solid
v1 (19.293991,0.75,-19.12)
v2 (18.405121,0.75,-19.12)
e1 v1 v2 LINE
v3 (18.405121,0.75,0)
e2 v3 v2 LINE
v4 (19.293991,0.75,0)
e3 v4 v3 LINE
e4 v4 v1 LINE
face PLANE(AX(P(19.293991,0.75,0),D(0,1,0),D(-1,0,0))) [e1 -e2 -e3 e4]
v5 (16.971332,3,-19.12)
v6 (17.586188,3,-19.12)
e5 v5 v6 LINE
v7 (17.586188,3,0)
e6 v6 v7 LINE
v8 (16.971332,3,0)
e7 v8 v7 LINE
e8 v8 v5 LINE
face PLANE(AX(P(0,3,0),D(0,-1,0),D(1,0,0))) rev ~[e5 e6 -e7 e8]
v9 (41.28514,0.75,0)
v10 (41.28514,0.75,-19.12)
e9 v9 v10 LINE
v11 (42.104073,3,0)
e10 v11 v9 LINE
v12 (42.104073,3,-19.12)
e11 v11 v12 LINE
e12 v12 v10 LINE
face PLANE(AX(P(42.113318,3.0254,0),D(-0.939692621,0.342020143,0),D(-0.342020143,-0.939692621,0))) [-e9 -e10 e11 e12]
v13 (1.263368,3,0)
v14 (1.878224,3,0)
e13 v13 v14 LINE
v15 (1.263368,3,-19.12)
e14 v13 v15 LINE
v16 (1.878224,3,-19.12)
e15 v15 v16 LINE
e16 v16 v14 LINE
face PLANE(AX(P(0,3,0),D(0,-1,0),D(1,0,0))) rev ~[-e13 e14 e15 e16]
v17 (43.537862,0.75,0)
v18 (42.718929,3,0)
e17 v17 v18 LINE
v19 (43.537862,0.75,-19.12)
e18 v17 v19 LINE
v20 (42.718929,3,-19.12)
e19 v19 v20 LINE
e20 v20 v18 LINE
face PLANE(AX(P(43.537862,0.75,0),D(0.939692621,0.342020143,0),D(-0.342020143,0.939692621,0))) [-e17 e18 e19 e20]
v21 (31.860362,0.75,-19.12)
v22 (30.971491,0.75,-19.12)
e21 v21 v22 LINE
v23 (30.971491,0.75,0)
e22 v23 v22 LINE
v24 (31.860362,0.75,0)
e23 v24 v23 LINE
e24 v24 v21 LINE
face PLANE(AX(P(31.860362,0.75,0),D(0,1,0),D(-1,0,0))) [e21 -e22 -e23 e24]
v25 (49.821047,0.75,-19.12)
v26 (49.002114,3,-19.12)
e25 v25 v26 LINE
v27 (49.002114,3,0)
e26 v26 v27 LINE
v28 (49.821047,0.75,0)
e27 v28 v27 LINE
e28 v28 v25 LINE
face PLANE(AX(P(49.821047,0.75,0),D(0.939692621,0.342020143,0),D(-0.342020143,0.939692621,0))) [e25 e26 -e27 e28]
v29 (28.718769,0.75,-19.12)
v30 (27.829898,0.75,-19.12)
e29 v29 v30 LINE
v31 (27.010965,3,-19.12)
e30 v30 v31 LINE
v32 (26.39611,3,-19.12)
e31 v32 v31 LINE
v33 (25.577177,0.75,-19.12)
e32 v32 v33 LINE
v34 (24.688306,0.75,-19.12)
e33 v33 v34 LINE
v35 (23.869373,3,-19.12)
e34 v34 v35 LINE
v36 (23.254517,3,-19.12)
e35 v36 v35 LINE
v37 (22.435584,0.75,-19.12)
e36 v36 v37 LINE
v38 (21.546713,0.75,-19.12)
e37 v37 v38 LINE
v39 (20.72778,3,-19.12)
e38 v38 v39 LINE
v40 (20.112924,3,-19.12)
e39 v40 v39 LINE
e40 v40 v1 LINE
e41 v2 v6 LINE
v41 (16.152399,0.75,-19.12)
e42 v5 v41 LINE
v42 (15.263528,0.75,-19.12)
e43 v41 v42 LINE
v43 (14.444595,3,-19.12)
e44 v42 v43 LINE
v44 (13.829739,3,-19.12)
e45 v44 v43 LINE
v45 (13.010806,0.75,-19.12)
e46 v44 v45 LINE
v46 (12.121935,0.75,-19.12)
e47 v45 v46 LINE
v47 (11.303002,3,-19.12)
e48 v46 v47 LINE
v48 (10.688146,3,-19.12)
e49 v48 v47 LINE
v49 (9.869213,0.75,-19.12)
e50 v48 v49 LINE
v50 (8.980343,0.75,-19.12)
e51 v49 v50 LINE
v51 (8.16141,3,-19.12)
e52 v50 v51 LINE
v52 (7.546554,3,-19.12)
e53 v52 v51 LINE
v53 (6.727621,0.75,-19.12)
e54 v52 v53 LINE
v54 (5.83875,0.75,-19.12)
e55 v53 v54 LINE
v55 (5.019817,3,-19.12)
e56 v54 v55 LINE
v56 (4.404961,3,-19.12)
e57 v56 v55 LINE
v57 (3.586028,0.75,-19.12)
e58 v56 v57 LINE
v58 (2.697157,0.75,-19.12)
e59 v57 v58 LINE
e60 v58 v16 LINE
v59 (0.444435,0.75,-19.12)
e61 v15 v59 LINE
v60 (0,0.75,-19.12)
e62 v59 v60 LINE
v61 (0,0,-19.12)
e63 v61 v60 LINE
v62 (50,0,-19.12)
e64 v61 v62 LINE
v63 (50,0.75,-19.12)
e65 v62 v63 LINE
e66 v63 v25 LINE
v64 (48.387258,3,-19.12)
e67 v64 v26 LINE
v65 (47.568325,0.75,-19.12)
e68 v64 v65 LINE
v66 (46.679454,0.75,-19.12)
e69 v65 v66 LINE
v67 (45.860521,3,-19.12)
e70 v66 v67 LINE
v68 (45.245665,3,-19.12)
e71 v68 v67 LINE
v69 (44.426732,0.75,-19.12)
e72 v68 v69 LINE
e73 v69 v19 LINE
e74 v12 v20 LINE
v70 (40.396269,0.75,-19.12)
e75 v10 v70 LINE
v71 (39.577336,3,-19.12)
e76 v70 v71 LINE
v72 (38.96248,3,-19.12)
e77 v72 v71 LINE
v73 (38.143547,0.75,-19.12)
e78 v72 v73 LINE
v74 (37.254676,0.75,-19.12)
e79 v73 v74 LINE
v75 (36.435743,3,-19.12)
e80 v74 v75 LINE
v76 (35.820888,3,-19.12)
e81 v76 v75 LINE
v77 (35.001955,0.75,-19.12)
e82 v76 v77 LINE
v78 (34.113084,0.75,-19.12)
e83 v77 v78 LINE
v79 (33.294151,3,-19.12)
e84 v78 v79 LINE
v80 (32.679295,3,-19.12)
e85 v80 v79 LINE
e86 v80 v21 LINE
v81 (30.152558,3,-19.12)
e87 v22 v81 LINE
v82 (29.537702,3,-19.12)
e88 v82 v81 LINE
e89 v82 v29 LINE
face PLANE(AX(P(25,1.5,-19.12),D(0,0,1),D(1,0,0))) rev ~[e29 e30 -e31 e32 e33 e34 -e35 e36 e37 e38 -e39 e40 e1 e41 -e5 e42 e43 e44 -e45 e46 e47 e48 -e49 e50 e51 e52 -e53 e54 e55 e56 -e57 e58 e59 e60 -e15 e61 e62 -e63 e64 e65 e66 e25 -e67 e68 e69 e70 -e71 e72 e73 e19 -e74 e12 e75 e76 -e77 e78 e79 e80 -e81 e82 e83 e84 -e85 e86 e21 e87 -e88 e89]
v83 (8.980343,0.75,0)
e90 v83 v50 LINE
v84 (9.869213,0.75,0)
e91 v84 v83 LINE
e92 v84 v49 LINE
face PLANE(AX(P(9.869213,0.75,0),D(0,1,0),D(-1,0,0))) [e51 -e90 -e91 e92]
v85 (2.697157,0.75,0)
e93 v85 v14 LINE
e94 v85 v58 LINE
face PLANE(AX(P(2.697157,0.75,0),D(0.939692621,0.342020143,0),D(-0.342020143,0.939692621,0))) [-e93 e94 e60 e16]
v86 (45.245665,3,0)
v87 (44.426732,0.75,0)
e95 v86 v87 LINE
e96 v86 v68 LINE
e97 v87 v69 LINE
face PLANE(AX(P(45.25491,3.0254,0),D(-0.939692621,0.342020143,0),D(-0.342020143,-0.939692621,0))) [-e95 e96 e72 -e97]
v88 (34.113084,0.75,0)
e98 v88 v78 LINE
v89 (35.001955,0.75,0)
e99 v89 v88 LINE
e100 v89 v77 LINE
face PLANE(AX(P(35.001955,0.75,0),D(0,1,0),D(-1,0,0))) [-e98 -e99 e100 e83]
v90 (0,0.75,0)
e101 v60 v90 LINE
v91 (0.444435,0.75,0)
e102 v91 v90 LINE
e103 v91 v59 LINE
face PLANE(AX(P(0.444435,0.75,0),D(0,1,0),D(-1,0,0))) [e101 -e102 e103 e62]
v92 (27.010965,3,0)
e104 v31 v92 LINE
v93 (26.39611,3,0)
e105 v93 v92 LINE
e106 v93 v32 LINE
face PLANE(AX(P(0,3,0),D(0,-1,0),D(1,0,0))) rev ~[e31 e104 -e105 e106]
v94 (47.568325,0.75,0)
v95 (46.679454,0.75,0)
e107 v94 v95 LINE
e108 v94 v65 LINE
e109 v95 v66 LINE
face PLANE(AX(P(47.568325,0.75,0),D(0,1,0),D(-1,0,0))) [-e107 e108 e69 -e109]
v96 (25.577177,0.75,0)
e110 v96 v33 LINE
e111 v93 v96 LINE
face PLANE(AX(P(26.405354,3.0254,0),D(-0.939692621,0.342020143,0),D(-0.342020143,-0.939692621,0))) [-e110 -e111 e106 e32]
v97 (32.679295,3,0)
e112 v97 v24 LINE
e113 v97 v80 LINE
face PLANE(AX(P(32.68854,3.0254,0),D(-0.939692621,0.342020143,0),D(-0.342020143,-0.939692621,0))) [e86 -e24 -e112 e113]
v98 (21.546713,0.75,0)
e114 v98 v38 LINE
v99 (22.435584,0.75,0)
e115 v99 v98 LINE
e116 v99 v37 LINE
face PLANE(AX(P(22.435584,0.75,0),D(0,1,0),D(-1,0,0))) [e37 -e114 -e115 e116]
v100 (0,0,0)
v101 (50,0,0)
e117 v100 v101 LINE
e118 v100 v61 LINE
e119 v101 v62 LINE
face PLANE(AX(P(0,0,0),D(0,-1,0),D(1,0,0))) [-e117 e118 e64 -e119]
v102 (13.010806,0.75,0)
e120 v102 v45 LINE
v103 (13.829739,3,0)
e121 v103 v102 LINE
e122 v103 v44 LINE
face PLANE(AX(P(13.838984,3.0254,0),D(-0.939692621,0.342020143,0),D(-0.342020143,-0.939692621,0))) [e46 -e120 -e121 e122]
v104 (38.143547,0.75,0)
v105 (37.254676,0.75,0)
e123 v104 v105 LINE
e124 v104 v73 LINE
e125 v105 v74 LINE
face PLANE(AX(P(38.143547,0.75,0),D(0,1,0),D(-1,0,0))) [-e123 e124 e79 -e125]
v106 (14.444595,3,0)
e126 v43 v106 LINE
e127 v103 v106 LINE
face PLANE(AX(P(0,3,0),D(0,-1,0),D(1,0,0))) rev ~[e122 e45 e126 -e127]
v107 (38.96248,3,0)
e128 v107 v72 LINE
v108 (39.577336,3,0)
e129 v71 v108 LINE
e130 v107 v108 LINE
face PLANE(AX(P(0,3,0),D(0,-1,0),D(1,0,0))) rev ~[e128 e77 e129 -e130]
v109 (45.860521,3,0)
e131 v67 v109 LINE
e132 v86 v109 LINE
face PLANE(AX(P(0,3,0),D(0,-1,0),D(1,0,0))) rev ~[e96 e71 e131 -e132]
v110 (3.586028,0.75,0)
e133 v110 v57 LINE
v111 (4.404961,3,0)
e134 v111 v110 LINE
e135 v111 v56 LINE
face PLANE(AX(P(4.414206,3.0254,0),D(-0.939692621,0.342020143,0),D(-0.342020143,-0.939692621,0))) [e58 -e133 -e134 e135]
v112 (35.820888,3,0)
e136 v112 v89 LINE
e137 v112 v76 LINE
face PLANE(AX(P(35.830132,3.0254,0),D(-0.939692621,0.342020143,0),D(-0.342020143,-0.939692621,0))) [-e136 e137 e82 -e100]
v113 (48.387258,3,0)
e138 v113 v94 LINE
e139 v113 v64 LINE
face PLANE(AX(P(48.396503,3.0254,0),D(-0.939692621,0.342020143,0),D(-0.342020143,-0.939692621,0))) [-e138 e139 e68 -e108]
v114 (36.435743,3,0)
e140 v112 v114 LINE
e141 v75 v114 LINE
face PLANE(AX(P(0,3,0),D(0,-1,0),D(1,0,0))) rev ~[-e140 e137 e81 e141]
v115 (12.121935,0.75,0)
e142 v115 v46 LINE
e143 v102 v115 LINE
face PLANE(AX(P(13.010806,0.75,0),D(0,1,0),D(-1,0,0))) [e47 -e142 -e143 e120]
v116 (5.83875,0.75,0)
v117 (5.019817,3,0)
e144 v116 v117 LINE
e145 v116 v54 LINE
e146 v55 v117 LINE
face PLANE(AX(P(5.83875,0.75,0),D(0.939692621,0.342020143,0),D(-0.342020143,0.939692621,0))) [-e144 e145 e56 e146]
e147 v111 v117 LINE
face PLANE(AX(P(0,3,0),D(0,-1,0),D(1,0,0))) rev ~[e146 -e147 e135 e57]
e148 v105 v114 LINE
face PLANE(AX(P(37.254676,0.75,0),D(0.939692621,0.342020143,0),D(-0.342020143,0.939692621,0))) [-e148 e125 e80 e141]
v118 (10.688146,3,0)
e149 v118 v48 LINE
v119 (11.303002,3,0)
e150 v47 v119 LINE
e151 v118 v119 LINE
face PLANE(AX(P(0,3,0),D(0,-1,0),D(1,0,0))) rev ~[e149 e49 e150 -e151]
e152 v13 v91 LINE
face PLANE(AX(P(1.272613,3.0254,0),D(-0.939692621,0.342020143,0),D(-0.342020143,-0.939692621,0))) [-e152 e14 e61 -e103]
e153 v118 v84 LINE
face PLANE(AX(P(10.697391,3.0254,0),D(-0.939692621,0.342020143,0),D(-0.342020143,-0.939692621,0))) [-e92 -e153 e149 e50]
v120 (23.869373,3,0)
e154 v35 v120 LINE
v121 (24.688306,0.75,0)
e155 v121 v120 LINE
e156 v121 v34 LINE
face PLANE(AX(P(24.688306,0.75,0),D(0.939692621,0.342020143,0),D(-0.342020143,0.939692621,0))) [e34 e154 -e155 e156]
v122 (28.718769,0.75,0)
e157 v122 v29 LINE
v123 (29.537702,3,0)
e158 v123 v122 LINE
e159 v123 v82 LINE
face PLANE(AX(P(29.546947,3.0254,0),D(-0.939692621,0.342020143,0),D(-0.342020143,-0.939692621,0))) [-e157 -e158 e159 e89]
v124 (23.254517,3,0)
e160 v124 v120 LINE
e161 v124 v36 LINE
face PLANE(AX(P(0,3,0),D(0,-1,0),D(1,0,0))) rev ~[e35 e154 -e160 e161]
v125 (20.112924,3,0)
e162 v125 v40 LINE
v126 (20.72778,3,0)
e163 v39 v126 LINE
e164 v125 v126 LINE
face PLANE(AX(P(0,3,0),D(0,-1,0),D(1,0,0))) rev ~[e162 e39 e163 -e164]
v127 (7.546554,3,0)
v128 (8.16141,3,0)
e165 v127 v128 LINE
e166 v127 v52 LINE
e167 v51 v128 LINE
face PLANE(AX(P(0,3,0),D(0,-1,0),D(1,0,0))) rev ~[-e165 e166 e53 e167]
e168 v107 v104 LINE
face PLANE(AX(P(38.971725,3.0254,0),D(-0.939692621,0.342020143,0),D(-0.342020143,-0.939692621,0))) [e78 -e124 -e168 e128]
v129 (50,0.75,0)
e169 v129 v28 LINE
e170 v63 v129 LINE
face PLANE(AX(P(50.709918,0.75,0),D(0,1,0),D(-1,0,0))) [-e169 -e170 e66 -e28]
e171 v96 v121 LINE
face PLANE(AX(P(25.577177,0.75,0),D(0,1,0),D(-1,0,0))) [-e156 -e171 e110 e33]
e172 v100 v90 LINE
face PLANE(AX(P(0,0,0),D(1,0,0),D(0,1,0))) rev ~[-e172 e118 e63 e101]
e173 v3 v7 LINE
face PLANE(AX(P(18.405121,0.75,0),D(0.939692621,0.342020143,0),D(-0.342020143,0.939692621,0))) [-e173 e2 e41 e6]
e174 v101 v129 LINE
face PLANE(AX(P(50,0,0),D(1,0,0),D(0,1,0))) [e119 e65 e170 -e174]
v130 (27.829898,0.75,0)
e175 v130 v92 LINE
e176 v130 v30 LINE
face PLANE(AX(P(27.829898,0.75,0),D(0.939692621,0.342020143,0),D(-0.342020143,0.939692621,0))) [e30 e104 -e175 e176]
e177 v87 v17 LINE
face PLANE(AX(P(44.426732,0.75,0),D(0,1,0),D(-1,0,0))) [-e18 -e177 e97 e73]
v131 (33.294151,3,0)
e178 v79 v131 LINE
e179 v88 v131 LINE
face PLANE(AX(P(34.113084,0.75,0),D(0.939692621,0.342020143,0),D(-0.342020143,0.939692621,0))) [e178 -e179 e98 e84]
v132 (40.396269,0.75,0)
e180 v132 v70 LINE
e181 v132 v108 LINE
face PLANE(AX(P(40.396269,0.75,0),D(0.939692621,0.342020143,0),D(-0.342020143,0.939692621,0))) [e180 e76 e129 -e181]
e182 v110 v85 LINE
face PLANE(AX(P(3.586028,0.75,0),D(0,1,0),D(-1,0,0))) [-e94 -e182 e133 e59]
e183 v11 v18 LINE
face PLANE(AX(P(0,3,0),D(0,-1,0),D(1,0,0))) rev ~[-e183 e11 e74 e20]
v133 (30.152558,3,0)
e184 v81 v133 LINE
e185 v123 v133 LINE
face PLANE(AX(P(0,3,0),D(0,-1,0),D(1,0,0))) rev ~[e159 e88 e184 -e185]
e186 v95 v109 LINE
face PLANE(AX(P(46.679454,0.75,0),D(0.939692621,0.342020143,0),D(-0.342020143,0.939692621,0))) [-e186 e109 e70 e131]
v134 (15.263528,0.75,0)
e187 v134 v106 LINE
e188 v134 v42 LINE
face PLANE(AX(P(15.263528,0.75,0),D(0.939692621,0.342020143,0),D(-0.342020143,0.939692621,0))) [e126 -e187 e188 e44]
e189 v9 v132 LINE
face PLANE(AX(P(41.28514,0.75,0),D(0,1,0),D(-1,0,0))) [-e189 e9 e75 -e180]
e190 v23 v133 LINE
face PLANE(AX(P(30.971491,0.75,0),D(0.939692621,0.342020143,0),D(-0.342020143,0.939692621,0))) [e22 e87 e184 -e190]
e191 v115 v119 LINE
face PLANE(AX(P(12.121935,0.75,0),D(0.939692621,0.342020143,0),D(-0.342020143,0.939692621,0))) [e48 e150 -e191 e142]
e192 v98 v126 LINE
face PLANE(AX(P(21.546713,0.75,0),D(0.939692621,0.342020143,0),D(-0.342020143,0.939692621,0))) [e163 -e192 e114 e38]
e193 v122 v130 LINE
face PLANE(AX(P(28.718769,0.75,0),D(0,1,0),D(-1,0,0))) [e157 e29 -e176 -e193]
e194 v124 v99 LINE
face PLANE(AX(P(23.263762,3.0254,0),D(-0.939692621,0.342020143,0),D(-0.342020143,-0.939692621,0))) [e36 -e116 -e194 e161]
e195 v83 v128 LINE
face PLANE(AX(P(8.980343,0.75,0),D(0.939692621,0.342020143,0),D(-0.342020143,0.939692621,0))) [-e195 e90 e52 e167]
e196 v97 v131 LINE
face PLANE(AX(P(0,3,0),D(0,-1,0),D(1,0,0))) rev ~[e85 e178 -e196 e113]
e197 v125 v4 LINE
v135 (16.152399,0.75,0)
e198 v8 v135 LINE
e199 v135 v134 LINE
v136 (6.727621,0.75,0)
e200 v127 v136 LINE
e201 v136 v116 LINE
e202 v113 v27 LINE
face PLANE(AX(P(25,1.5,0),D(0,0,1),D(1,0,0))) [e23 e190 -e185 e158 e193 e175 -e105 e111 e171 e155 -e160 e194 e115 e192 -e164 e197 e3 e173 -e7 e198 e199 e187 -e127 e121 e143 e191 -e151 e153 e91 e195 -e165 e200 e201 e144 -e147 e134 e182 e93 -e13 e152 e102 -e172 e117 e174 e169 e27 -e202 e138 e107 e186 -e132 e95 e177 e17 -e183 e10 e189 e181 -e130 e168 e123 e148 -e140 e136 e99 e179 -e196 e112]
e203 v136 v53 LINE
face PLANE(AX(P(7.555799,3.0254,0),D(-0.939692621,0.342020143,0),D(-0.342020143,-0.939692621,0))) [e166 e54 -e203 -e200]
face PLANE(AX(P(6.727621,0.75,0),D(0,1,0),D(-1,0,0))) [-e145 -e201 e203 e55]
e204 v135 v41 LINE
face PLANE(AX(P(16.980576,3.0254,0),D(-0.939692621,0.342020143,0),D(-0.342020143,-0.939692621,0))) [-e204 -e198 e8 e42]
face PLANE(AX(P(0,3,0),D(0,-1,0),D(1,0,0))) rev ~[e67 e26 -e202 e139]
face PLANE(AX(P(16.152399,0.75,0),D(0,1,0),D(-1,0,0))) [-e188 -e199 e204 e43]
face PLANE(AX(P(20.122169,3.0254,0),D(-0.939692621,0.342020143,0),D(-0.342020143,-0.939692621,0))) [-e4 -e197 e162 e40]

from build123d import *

# Parameters (mm, degrees)
BLANKSKE_W        = 50
BLANKSKE_H        = 3
BLANK_DEPTH       = 19.12
TOOTHCUTSIM_DEPTH = 54.615057586
TEETHCUTS_COUNT   = 17
TEETHCUTS_PITCH   = 3.14159265


with BuildPart() as part:
    # BlankSke → Blank (new body)
    with BuildSketch(Plane.XY):
        with Locations((25, 1.5)):
            Rectangle(BLANKSKE_W, BLANKSKE_H)
    extrude(amount=-BLANK_DEPTH)

    # TooCutSkeSim → ToothCutSim (cut, through all)
    with BuildSketch(Plane.XY):
        Polygon((0.44443537, 0.75), (-0.44443537, 0.75), (-1.272613241, 3.0254), (1.272613241, 3.0254), align=None)
    toothcutsim = extrude(amount=-TOOTHCUTSIM_DEPTH, mode=Mode.SUBTRACT)

    # TeethCuts: ToothCutSim ×17
    with Locations(*[(i * TEETHCUTS_PITCH, 0, 0) for i in range(1, TEETHCUTS_COUNT)]):
        add(toothcutsim, mode=Mode.SUBTRACT)


solid = part.part
